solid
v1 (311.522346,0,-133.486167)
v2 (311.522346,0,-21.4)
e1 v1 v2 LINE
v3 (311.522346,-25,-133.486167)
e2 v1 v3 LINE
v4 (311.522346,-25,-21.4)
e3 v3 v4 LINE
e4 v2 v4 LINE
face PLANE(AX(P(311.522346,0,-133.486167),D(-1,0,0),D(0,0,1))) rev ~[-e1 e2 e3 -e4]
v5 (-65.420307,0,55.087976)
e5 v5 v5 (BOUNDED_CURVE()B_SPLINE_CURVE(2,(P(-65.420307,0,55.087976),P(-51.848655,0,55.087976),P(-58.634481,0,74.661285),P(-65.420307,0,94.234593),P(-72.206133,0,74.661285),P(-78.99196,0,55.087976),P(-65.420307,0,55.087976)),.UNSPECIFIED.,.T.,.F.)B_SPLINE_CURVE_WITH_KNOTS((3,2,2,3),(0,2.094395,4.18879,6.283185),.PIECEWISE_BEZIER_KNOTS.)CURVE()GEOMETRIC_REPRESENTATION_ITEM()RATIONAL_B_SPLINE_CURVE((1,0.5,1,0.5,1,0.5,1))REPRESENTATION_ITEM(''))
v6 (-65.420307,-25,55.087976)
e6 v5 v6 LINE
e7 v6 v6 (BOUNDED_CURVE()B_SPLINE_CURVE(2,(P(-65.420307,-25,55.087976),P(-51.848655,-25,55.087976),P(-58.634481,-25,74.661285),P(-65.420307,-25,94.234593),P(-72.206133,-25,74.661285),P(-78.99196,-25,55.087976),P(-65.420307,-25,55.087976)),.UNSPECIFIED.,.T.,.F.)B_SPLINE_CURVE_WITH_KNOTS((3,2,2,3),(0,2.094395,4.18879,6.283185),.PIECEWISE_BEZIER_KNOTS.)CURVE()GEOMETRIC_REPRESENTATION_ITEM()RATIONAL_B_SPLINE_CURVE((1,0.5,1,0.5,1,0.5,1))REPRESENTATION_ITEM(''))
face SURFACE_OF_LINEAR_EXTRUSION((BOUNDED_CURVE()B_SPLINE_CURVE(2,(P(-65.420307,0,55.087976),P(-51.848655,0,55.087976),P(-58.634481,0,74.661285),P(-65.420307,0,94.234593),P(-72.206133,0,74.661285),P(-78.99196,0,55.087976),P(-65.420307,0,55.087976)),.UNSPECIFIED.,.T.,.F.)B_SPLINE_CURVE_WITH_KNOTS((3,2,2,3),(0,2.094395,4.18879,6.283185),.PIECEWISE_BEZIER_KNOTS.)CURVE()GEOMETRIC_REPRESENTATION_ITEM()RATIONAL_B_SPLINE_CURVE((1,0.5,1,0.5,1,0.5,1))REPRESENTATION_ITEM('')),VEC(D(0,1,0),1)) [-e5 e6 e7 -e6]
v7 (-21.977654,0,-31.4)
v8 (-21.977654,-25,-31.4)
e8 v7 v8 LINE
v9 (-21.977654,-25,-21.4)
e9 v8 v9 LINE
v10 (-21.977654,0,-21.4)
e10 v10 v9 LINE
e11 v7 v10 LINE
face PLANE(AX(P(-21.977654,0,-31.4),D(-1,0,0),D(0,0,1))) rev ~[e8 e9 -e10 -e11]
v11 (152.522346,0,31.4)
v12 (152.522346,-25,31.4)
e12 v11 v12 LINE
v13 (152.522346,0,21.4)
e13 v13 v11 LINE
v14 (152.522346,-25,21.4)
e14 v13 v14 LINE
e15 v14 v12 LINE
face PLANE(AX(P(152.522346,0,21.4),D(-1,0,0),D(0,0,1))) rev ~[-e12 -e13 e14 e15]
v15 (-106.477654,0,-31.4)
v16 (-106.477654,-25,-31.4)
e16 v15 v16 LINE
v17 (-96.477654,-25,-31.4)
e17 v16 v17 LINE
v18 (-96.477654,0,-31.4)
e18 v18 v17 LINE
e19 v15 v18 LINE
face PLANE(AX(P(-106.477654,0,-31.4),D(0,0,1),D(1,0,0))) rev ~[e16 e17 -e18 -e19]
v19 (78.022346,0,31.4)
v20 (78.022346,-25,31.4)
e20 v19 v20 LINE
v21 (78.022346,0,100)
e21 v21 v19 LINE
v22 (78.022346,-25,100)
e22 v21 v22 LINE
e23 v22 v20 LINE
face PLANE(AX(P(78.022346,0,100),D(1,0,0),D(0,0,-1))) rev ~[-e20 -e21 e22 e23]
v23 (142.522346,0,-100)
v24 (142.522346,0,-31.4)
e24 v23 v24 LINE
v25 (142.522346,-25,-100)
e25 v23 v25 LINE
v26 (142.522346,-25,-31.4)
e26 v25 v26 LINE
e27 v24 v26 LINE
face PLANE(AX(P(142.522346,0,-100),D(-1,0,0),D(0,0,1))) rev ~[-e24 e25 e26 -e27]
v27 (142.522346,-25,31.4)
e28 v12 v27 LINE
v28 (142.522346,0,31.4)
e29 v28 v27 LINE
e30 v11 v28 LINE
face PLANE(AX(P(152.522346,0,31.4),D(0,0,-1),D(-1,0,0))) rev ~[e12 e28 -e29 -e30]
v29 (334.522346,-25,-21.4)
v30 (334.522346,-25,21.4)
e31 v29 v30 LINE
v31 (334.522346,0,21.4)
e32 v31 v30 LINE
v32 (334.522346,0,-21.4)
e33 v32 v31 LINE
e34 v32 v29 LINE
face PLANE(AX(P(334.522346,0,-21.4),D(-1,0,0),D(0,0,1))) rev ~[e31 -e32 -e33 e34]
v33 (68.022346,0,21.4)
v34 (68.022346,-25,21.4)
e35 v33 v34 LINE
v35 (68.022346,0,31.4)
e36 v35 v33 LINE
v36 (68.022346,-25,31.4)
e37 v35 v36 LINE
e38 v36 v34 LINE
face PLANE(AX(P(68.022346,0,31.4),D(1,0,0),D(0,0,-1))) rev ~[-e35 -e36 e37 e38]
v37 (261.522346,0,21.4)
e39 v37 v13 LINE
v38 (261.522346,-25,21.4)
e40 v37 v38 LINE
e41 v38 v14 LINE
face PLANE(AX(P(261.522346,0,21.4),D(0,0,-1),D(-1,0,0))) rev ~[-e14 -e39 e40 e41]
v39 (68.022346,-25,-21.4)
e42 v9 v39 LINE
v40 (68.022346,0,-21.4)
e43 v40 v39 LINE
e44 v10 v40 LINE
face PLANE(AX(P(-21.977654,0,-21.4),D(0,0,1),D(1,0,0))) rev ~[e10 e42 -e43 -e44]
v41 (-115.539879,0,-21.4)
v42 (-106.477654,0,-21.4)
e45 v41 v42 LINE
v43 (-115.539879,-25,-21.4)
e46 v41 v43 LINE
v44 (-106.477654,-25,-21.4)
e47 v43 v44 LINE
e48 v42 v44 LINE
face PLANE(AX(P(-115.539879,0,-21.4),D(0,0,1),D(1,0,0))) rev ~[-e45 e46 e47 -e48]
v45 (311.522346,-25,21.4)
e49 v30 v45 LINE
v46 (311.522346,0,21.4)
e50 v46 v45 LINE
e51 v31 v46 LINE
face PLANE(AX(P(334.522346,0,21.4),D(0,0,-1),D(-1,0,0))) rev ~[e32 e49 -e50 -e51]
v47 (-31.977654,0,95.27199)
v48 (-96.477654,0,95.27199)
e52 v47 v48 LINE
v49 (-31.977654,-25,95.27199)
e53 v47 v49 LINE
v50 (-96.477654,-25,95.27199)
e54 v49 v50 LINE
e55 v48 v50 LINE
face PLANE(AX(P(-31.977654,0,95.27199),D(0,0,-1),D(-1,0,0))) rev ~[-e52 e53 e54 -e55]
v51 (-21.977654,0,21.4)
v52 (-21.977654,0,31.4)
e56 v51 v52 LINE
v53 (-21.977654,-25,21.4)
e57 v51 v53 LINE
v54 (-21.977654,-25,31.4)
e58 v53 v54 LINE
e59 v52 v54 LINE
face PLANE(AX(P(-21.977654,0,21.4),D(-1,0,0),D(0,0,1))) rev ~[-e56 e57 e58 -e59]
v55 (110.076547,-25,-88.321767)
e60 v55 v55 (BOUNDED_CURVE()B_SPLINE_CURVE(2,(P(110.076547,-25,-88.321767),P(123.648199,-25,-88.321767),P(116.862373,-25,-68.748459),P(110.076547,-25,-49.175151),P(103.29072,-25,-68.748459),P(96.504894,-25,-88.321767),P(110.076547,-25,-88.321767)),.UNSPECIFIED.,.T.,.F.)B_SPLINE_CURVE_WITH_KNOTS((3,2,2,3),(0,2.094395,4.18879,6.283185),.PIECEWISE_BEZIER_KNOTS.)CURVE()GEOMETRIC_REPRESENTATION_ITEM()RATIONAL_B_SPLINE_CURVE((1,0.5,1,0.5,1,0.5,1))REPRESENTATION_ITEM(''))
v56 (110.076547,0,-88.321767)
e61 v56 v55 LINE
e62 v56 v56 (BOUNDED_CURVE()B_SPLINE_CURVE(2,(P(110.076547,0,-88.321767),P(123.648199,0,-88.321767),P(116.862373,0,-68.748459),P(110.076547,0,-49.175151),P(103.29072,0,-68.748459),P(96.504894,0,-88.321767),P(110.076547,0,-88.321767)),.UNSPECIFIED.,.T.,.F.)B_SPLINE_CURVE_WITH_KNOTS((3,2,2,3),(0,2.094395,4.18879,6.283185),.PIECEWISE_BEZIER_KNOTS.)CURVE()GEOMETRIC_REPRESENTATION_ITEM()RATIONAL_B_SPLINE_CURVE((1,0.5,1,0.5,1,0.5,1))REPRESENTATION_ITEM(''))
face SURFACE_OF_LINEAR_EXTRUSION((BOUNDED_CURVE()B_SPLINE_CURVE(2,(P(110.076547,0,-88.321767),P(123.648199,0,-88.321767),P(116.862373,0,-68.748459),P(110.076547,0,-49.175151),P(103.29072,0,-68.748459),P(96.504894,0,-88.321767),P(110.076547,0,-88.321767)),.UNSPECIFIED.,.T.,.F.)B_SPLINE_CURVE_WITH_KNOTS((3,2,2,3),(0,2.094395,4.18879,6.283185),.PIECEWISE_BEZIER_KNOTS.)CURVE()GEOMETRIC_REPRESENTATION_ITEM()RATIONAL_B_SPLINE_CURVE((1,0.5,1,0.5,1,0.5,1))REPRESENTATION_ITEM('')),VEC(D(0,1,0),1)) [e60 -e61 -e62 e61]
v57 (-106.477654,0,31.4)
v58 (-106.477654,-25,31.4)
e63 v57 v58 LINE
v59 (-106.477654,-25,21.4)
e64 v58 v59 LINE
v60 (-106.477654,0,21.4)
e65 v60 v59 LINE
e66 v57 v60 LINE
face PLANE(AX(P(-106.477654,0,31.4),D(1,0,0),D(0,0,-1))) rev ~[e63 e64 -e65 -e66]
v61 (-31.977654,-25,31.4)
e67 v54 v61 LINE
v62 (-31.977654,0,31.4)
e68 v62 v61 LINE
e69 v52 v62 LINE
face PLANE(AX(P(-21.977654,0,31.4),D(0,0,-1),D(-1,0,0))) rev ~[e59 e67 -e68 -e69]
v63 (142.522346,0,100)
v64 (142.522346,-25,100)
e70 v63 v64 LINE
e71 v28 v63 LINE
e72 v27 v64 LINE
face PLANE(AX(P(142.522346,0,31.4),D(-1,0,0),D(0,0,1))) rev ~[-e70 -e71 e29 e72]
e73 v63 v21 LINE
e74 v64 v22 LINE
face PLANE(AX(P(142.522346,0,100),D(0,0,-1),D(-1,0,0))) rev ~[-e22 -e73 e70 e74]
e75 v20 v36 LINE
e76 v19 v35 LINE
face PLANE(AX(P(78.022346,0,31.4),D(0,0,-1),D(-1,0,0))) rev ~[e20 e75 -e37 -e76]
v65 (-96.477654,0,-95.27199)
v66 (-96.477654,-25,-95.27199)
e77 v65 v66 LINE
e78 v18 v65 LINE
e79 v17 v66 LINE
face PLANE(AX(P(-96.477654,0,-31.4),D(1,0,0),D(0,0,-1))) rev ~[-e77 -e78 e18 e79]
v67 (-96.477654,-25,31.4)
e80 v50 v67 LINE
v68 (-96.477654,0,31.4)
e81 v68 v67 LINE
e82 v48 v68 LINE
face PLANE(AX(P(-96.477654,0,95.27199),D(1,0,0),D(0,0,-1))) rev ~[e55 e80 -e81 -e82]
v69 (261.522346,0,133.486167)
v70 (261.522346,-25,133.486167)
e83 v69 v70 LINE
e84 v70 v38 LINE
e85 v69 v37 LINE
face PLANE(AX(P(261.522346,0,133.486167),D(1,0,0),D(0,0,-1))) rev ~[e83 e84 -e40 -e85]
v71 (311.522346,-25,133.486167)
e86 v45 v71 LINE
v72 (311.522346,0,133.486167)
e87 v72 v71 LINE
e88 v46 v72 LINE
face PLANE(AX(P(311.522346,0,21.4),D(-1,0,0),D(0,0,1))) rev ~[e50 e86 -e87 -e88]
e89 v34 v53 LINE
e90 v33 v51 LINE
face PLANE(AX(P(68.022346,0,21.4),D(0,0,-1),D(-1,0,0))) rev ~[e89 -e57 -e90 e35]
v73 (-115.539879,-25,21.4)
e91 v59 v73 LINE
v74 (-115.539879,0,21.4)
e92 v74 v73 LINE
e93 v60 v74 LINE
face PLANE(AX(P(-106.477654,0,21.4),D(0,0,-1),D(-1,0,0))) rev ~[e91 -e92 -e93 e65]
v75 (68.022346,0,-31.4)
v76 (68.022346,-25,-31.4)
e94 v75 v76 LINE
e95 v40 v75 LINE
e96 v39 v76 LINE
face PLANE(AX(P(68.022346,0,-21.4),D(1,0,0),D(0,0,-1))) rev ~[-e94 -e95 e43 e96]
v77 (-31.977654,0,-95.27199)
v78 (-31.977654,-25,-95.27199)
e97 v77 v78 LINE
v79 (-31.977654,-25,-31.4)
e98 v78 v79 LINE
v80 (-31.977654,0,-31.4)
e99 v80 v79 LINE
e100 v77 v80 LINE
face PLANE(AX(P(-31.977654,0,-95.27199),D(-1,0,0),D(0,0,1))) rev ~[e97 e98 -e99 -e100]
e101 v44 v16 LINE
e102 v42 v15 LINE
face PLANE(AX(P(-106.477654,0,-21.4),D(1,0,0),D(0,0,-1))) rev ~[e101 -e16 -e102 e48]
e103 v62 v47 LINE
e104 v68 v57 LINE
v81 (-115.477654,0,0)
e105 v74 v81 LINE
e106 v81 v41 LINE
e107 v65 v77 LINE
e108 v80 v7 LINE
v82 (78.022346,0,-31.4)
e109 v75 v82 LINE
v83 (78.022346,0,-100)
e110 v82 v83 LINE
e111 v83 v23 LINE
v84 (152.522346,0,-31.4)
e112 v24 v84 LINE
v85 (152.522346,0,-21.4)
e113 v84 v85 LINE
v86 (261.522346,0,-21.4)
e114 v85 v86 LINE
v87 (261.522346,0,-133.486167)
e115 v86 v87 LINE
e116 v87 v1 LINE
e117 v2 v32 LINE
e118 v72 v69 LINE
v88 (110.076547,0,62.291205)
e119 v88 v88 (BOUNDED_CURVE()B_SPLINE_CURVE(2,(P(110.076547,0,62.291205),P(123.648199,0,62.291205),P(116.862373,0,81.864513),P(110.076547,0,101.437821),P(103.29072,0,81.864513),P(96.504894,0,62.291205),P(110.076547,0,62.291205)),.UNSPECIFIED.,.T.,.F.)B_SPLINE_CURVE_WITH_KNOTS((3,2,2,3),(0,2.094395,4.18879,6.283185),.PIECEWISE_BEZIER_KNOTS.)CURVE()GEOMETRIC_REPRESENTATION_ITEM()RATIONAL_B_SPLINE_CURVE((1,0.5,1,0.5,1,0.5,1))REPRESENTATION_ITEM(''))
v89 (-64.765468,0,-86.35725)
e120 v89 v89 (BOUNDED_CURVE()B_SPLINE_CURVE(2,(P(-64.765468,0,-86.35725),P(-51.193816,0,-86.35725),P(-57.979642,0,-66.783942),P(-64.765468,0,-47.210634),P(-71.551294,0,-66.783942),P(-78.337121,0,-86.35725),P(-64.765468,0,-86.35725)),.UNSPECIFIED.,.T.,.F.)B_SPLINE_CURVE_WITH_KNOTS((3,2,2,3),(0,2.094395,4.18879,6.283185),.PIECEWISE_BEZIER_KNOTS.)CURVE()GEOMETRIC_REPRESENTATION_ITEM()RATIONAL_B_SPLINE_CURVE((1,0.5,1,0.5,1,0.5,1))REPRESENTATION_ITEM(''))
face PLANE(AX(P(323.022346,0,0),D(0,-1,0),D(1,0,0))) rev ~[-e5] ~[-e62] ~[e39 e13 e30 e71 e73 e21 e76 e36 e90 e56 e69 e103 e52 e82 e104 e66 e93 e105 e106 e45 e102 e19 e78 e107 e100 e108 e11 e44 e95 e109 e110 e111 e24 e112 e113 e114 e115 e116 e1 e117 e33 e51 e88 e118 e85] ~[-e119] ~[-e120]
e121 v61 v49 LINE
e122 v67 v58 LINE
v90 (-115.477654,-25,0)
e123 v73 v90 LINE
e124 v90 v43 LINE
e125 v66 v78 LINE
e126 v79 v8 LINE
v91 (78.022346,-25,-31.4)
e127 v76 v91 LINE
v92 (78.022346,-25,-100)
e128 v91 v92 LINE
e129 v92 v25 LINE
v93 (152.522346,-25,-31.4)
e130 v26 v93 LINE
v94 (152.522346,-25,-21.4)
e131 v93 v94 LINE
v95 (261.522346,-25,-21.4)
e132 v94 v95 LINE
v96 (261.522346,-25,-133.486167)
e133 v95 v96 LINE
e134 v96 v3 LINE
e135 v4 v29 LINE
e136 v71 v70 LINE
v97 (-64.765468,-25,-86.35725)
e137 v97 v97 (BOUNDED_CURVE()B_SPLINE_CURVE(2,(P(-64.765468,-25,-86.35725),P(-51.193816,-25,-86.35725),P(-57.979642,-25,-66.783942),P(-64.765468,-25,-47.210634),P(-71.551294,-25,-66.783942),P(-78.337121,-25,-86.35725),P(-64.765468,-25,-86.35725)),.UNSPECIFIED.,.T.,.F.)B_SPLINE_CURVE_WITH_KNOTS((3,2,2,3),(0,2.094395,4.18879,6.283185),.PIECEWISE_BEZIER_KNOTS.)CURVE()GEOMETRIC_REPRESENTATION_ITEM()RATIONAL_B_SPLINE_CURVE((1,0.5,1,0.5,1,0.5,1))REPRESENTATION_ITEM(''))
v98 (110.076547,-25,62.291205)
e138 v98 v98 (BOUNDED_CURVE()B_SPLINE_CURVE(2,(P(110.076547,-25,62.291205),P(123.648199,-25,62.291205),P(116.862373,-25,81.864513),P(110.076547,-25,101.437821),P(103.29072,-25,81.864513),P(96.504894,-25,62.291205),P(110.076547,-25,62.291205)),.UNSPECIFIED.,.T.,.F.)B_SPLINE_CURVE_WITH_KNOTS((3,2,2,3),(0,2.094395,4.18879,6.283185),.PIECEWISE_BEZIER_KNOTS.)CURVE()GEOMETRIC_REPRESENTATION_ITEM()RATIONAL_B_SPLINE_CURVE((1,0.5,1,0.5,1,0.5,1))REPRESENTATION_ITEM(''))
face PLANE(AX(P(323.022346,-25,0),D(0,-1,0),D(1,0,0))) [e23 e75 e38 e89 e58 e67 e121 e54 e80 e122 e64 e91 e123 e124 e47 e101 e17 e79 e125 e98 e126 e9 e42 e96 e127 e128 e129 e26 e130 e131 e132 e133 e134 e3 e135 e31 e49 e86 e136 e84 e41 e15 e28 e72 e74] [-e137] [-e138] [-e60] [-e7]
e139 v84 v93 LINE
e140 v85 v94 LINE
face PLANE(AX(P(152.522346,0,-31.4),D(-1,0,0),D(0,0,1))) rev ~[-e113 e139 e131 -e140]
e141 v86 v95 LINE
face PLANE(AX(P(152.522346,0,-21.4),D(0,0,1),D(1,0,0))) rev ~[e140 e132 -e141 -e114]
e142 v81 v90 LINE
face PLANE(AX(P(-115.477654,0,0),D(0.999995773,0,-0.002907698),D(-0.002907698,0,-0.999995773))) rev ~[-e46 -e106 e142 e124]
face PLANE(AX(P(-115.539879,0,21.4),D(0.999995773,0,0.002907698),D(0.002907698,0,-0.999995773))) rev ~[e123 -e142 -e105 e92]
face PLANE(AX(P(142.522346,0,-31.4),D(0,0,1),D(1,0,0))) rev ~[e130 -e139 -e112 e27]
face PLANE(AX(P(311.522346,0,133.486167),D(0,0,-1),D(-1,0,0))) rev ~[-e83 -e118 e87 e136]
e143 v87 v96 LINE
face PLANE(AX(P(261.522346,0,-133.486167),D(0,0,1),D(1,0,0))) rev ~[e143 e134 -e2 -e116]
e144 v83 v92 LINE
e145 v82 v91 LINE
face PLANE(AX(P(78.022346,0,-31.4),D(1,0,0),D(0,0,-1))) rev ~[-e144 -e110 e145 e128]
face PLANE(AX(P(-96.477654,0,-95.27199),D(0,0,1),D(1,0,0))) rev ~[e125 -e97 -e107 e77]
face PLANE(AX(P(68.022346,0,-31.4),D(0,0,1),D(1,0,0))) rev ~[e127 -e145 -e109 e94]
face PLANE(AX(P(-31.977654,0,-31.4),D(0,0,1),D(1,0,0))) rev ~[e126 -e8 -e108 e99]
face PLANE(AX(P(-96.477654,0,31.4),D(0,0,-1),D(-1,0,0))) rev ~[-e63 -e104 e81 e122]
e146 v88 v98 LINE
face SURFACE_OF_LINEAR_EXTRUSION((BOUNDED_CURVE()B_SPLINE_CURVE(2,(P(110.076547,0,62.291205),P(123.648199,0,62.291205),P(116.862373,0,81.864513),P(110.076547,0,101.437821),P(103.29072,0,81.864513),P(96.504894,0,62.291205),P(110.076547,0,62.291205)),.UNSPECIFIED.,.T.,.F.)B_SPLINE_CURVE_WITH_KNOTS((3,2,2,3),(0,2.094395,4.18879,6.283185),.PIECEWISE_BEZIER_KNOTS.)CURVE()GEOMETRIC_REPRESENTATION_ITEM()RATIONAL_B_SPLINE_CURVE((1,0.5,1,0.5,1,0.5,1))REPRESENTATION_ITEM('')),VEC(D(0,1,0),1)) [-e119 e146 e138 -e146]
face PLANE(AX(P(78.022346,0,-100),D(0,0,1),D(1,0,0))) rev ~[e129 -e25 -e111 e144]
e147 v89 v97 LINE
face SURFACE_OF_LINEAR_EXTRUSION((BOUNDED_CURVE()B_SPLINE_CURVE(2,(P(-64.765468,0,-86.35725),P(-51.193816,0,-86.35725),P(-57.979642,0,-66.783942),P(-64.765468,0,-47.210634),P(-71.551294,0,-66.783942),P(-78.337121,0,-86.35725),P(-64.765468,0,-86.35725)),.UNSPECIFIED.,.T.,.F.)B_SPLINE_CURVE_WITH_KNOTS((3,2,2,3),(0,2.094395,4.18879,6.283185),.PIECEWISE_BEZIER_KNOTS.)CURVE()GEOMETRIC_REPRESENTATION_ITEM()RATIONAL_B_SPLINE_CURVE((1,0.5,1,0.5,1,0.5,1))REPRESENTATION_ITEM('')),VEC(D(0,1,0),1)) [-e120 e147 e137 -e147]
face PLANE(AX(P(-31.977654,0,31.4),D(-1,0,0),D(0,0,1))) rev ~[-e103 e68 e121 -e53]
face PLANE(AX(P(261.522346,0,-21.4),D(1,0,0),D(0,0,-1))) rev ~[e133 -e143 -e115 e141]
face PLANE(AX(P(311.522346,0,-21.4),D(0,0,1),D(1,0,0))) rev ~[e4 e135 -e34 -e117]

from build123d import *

# Parameters (mm, degrees)
F1_DEPTH = 25
F2_DEPTH = 25


with BuildPart() as f1:
    # F0 (on Front) → F1 (new body)
    with BuildSketch(Plane.XZ):
        Polygon((334.522346, -21.4), (334.522346, 0), (334.522346, 21.4), (311.522346, 21.4), (311.522346, 0), (311.522346, -21.4), align=None)
        Polygon((311.522346, 0), (311.522346, 21.4), (311.522346, 133.486167), (261.522346, 133.486167), (261.522346, 21.4), (261.522346, 0), (261.522346, -21.4), (261.522346, -133.486167), (311.522346, -133.486167), (311.522346, -21.4), align=None)
        Polygon((261.522346, 0), (261.522346, 21.4), (152.522346, 21.4), (152.522346, 0), (152.522346, -21.4), (261.522346, -21.4), align=None)
        Polygon((152.522346, 0), (152.522346, 21.4), (152.522346, 31.4), (142.522346, 31.4), (142.522346, 0), (142.522346, -31.4), (152.522346, -31.4), (152.522346, -21.4), align=None)
        Polygon((142.522346, 0), (142.522346, 31.4), (142.522346, 100), (78.022346, 100), (78.022346, 31.4), (78.022346, 0), (78.022346, -31.4), (78.022346, -100), (142.522346, -100), (142.522346, -31.4), align=None)
        with BuildLine():
            add(Edge.make_bspline(
                [(110.076547, -88.321767), (123.648199, -88.321767), (116.862373, -68.748459), (110.076547, -49.175151), (103.29072, -68.748459), (96.504894, -88.321767), (110.076547, -88.321767)],
                knots=[0, 0, 0, 2.094395, 2.094395, 4.18879, 4.18879, 6.283185, 6.283185, 6.283185], degree=2, weights=[1, 0.5, 1, 0.5, 1, 0.5, 1]))
        make_face(mode=Mode.SUBTRACT)
        with BuildLine():
            add(Edge.make_bspline(
                [(110.076547, 62.291205), (123.648199, 62.291205), (116.862373, 81.864513), (110.076547, 101.437821), (103.29072, 81.864513), (96.504894, 62.291205), (110.076547, 62.291205)],
                knots=[0, 0, 0, 2.094395, 2.094395, 4.18879, 4.18879, 6.283185, 6.283185, 6.283185], degree=2, weights=[1, 0.5, 1, 0.5, 1, 0.5, 1]))
        make_face(mode=Mode.SUBTRACT)
        Polygon((78.022346, 0), (78.022346, 31.4), (68.022346, 31.4), (68.022346, 21.4), (68.022346, 0), (68.022346, -21.4), (68.022346, -31.4), (78.022346, -31.4), align=None)
        Polygon((68.022346, 0), (68.022346, 21.4), (-21.977654, 21.4), (-21.977654, 0), (-21.977654, -21.4), (68.022346, -21.4), align=None)
        Polygon((-21.977654, 0), (-21.977654, 21.4), (-21.977654, 31.4), (-31.977654, 31.4), (-31.977654, 0), (-31.977654, -31.4), (-21.977654, -31.4), (-21.977654, -21.4), align=None)
        Polygon((-31.977654, 0), (-31.977654, 31.4), (-31.977654, 95.27199), (-96.477654, 95.27199), (-96.477654, 31.4), (-96.477654, 0), (-96.477654, -31.4), (-96.477654, -95.27199), (-31.977654, -95.27199), (-31.977654, -31.4), align=None)
        with BuildLine():
            add(Edge.make_bspline(
                [(-64.765468, -86.35725), (-51.193816, -86.35725), (-57.979642, -66.783942), (-64.765468, -47.210634), (-71.551294, -66.783942), (-78.337121, -86.35725), (-64.765468, -86.35725)],
                knots=[0, 0, 0, 2.094395, 2.094395, 4.18879, 4.18879, 6.283185, 6.283185, 6.283185], degree=2, weights=[1, 0.5, 1, 0.5, 1, 0.5, 1]))
        make_face(mode=Mode.SUBTRACT)
        with BuildLine():
            add(Edge.make_bspline(
                [(-65.420307, 55.087976), (-51.848655, 55.087976), (-58.634481, 74.661285), (-65.420307, 94.234593), (-72.206133, 74.661285), (-78.99196, 55.087976), (-65.420307, 55.087976)],
                knots=[0, 0, 0, 2.094395, 2.094395, 4.18879, 4.18879, 6.283185, 6.283185, 6.283185], degree=2, weights=[1, 0.5, 1, 0.5, 1, 0.5, 1]))
        make_face(mode=Mode.SUBTRACT)
        Polygon((-96.477654, 0), (-96.477654, 31.4), (-106.477654, 31.4), (-106.477654, 21.4), (-106.477654, 0), (-106.477654, -21.4), (-106.477654, -31.4), (-96.477654, -31.4), align=None)
        Polygon((-106.477654, 0), (-106.477654, 21.4), (-115.539879, 21.4), (-115.477654, 0), (-115.539879, -21.4), (-106.477654, -21.4), align=None)
    extrude(amount=F1_DEPTH)

    # F0 (on Front) → F2 (join)
    with BuildSketch(Plane.XZ):
        Polygon((334.522346, -21.4), (334.522346, 0), (334.522346, 21.4), (311.522346, 21.4), (311.522346, 0), (311.522346, -21.4), align=None)
        Polygon((311.522346, 0), (311.522346, 21.4), (311.522346, 133.486167), (261.522346, 133.486167), (261.522346, 21.4), (261.522346, 0), (261.522346, -21.4), (261.522346, -133.486167), (311.522346, -133.486167), (311.522346, -21.4), align=None)
        Polygon((261.522346, 0), (261.522346, 21.4), (152.522346, 21.4), (152.522346, 0), (152.522346, -21.4), (261.522346, -21.4), align=None)
        Polygon((152.522346, 0), (152.522346, 21.4), (152.522346, 31.4), (142.522346, 31.4), (142.522346, 0), (142.522346, -31.4), (152.522346, -31.4), (152.522346, -21.4), align=None)
        Polygon((142.522346, 0), (142.522346, 31.4), (142.522346, 100), (78.022346, 100), (78.022346, 31.4), (78.022346, 0), (78.022346, -31.4), (78.022346, -100), (142.522346, -100), (142.522346, -31.4), align=None)
        with BuildLine():
            add(Edge.make_bspline(
                [(110.076547, -88.321767), (123.648199, -88.321767), (116.862373, -68.748459), (110.076547, -49.175151), (103.29072, -68.748459), (96.504894, -88.321767), (110.076547, -88.321767)],
                knots=[0, 0, 0, 2.094395, 2.094395, 4.18879, 4.18879, 6.283185, 6.283185, 6.283185], degree=2, weights=[1, 0.5, 1, 0.5, 1, 0.5, 1]))
        make_face(mode=Mode.SUBTRACT)
        with BuildLine():
            add(Edge.make_bspline(
                [(110.076547, 62.291205), (123.648199, 62.291205), (116.862373, 81.864513), (110.076547, 101.437821), (103.29072, 81.864513), (96.504894, 62.291205), (110.076547, 62.291205)],
                knots=[0, 0, 0, 2.094395, 2.094395, 4.18879, 4.18879, 6.283185, 6.283185, 6.283185], degree=2, weights=[1, 0.5, 1, 0.5, 1, 0.5, 1]))
        make_face(mode=Mode.SUBTRACT)
        Polygon((78.022346, 0), (78.022346, 31.4), (68.022346, 31.4), (68.022346, 21.4), (68.022346, 0), (68.022346, -21.4), (68.022346, -31.4), (78.022346, -31.4), align=None)
        Polygon((68.022346, 0), (68.022346, 21.4), (-21.977654, 21.4), (-21.977654, 0), (-21.977654, -21.4), (68.022346, -21.4), align=None)
        Polygon((-21.977654, 0), (-21.977654, 21.4), (-21.977654, 31.4), (-31.977654, 31.4), (-31.977654, 0), (-31.977654, -31.4), (-21.977654, -31.4), (-21.977654, -21.4), align=None)
        Polygon((-31.977654, 0), (-31.977654, 31.4), (-31.977654, 95.27199), (-96.477654, 95.27199), (-96.477654, 31.4), (-96.477654, 0), (-96.477654, -31.4), (-96.477654, -95.27199), (-31.977654, -95.27199), (-31.977654, -31.4), align=None)
        with BuildLine():
            add(Edge.make_bspline(
                [(-64.765468, -86.35725), (-51.193816, -86.35725), (-57.979642, -66.783942), (-64.765468, -47.210634), (-71.551294, -66.783942), (-78.337121, -86.35725), (-64.765468, -86.35725)],
                knots=[0, 0, 0, 2.094395, 2.094395, 4.18879, 4.18879, 6.283185, 6.283185, 6.283185], degree=2, weights=[1, 0.5, 1, 0.5, 1, 0.5, 1]))
        make_face(mode=Mode.SUBTRACT)
        with BuildLine():
            add(Edge.make_bspline(
                [(-65.420307, 55.087976), (-51.848655, 55.087976), (-58.634481, 74.661285), (-65.420307, 94.234593), (-72.206133, 74.661285), (-78.99196, 55.087976), (-65.420307, 55.087976)],
                knots=[0, 0, 0, 2.094395, 2.094395, 4.18879, 4.18879, 6.283185, 6.283185, 6.283185], degree=2, weights=[1, 0.5, 1, 0.5, 1, 0.5, 1]))
        make_face(mode=Mode.SUBTRACT)
        Polygon((-96.477654, 0), (-96.477654, 31.4), (-106.477654, 31.4), (-106.477654, 21.4), (-106.477654, 0), (-106.477654, -21.4), (-106.477654, -31.4), (-96.477654, -31.4), align=None)
        Polygon((-106.477654, 0), (-106.477654, 21.4), (-115.539879, 21.4), (-115.477654, 0), (-115.539879, -21.4), (-106.477654, -21.4), align=None)
    extrude(amount=F2_DEPTH)


solid = f1.part
